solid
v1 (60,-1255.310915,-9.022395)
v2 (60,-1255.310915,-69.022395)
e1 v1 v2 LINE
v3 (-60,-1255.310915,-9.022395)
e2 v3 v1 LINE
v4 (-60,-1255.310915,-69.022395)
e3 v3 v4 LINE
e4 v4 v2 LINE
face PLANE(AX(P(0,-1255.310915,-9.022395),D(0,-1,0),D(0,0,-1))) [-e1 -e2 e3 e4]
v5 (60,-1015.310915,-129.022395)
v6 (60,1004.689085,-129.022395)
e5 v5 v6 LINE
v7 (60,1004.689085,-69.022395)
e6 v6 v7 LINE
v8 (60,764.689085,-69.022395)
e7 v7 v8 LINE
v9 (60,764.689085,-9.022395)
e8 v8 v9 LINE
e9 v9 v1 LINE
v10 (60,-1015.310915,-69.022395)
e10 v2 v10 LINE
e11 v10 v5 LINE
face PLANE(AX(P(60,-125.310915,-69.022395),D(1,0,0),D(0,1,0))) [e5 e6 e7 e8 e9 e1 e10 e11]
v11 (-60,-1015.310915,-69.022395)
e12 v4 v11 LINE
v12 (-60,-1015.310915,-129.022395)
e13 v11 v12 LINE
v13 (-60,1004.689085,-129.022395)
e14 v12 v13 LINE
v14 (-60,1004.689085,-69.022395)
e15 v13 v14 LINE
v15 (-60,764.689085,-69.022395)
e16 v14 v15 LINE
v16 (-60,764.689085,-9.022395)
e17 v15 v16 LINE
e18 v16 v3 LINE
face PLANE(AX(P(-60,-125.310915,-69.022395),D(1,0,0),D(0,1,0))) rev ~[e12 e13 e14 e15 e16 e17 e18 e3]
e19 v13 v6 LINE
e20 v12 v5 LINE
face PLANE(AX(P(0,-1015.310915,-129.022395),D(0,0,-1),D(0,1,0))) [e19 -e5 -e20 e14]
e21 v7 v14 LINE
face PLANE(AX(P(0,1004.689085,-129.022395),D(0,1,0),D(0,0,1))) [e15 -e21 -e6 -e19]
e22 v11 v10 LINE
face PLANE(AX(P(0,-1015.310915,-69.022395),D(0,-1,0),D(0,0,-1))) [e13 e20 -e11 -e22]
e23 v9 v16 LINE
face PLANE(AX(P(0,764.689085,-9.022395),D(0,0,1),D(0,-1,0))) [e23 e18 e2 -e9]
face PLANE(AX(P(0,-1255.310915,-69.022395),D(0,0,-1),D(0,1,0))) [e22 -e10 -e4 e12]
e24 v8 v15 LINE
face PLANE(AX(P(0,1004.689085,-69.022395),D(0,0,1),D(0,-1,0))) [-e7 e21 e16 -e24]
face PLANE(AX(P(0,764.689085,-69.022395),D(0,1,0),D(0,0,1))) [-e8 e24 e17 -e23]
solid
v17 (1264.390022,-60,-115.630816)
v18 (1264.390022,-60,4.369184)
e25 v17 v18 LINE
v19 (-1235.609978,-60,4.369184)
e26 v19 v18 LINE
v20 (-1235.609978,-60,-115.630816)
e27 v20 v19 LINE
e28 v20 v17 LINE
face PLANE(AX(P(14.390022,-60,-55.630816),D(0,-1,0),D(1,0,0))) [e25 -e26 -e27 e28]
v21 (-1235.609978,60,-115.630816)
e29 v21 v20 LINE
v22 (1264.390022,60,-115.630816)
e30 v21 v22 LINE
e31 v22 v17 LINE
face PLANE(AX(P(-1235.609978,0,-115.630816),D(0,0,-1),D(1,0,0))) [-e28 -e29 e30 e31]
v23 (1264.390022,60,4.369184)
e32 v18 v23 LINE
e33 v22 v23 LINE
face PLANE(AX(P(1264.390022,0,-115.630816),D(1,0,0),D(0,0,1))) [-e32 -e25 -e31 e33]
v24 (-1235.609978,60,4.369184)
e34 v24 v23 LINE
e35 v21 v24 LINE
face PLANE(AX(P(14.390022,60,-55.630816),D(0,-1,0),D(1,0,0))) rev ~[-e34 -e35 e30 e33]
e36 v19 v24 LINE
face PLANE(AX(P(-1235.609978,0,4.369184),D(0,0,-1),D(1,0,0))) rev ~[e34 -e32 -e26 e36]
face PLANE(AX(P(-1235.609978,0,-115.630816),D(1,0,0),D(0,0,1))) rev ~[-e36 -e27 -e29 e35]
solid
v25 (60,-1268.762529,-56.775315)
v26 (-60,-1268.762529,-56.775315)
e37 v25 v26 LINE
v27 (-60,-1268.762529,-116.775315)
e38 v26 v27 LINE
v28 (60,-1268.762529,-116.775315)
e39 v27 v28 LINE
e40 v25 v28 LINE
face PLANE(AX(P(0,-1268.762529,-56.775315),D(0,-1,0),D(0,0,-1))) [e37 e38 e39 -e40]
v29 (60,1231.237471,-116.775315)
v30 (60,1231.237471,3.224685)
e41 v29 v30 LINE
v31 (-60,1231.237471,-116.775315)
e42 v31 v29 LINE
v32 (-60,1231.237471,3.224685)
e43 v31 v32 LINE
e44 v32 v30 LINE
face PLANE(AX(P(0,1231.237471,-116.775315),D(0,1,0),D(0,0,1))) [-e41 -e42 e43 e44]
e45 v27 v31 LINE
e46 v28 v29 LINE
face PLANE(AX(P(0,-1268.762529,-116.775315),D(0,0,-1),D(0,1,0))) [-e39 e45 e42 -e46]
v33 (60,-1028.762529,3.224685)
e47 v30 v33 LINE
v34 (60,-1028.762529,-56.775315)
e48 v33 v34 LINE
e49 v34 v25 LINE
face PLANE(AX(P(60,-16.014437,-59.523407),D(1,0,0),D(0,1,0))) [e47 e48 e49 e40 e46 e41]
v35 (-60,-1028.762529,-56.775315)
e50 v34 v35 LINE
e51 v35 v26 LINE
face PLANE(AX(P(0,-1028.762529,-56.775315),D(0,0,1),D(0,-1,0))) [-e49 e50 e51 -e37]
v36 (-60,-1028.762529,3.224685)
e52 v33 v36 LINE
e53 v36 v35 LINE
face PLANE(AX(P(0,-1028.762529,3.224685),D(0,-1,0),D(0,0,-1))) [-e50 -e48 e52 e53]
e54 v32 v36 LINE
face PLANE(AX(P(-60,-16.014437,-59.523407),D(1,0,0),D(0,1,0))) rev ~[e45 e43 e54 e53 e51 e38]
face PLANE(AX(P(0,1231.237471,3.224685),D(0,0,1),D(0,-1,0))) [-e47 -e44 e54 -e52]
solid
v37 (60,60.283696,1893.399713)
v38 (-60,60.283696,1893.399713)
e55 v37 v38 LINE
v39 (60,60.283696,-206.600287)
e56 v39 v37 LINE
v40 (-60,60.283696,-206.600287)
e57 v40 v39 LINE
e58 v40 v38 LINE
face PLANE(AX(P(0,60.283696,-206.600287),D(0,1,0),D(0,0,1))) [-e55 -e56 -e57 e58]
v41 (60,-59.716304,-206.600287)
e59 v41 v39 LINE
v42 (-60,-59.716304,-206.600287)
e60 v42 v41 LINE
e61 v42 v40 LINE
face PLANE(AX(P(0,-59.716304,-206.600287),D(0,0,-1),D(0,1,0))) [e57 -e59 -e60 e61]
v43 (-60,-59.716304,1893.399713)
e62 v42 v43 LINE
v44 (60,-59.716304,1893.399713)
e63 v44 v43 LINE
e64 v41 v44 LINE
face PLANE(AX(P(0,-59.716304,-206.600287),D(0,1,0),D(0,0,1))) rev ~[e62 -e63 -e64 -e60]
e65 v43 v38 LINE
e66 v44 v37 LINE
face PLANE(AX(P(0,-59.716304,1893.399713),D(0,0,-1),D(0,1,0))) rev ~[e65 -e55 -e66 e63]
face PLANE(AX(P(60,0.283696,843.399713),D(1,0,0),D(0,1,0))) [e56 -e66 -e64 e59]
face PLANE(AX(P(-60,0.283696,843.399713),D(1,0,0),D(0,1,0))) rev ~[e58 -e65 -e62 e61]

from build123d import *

# Parameters (mm, degrees)
F1_DEPTH = 60
F3_DEPTH = 60
F4_W     = 2500
F4_H     = 120
F5_DEPTH = 60
F6_W     = 120
F6_H     = 2100
F7_DEPTH = 60


with BuildPart() as f1:
    # F0 (on Right) → F1 (new body, symmetric)
    with BuildSketch(Plane.YZ):
        Polygon((764.689085, -9.022395), (-1255.310915, -9.022395), (-1255.310915, -69.022395), (-1015.310915, -69.022395), (-1015.310915, -129.022395), (1004.689085, -129.022395), (1004.689085, -69.022395), (764.689085, -69.022395), align=None)
    extrude(amount=F1_DEPTH, both=True)


with BuildPart() as f3:
    # F2 (on Right) → F3 (new body, symmetric)
    with BuildSketch(Plane.YZ):
        Polygon((-1268.762529, -56.775315), (-1268.762529, -116.775315), (1231.237471, -116.775315), (1231.237471, 3.224685), (-1028.762529, 3.224685), (-1028.762529, -56.775315), align=None)
    extrude(amount=F3_DEPTH, both=True)


with BuildPart() as f5:
    # F4 (on Front) → F5 (new body, symmetric)
    with BuildSketch(Plane.XZ):
        with Locations((14.390022, -55.630816)):
            Rectangle(F4_W, F4_H)
    extrude(amount=F5_DEPTH, both=True)


with BuildPart() as f7:
    # F6 (on Right) → F7 (new body, symmetric)
    with BuildSketch(Plane.YZ):
        with Locations((0.283696, 843.399713)):
            Rectangle(F6_W, F6_H)
    extrude(amount=F7_DEPTH, both=True)


solid = Compound([f1.part, f3.part, f5.part, f7.part])
